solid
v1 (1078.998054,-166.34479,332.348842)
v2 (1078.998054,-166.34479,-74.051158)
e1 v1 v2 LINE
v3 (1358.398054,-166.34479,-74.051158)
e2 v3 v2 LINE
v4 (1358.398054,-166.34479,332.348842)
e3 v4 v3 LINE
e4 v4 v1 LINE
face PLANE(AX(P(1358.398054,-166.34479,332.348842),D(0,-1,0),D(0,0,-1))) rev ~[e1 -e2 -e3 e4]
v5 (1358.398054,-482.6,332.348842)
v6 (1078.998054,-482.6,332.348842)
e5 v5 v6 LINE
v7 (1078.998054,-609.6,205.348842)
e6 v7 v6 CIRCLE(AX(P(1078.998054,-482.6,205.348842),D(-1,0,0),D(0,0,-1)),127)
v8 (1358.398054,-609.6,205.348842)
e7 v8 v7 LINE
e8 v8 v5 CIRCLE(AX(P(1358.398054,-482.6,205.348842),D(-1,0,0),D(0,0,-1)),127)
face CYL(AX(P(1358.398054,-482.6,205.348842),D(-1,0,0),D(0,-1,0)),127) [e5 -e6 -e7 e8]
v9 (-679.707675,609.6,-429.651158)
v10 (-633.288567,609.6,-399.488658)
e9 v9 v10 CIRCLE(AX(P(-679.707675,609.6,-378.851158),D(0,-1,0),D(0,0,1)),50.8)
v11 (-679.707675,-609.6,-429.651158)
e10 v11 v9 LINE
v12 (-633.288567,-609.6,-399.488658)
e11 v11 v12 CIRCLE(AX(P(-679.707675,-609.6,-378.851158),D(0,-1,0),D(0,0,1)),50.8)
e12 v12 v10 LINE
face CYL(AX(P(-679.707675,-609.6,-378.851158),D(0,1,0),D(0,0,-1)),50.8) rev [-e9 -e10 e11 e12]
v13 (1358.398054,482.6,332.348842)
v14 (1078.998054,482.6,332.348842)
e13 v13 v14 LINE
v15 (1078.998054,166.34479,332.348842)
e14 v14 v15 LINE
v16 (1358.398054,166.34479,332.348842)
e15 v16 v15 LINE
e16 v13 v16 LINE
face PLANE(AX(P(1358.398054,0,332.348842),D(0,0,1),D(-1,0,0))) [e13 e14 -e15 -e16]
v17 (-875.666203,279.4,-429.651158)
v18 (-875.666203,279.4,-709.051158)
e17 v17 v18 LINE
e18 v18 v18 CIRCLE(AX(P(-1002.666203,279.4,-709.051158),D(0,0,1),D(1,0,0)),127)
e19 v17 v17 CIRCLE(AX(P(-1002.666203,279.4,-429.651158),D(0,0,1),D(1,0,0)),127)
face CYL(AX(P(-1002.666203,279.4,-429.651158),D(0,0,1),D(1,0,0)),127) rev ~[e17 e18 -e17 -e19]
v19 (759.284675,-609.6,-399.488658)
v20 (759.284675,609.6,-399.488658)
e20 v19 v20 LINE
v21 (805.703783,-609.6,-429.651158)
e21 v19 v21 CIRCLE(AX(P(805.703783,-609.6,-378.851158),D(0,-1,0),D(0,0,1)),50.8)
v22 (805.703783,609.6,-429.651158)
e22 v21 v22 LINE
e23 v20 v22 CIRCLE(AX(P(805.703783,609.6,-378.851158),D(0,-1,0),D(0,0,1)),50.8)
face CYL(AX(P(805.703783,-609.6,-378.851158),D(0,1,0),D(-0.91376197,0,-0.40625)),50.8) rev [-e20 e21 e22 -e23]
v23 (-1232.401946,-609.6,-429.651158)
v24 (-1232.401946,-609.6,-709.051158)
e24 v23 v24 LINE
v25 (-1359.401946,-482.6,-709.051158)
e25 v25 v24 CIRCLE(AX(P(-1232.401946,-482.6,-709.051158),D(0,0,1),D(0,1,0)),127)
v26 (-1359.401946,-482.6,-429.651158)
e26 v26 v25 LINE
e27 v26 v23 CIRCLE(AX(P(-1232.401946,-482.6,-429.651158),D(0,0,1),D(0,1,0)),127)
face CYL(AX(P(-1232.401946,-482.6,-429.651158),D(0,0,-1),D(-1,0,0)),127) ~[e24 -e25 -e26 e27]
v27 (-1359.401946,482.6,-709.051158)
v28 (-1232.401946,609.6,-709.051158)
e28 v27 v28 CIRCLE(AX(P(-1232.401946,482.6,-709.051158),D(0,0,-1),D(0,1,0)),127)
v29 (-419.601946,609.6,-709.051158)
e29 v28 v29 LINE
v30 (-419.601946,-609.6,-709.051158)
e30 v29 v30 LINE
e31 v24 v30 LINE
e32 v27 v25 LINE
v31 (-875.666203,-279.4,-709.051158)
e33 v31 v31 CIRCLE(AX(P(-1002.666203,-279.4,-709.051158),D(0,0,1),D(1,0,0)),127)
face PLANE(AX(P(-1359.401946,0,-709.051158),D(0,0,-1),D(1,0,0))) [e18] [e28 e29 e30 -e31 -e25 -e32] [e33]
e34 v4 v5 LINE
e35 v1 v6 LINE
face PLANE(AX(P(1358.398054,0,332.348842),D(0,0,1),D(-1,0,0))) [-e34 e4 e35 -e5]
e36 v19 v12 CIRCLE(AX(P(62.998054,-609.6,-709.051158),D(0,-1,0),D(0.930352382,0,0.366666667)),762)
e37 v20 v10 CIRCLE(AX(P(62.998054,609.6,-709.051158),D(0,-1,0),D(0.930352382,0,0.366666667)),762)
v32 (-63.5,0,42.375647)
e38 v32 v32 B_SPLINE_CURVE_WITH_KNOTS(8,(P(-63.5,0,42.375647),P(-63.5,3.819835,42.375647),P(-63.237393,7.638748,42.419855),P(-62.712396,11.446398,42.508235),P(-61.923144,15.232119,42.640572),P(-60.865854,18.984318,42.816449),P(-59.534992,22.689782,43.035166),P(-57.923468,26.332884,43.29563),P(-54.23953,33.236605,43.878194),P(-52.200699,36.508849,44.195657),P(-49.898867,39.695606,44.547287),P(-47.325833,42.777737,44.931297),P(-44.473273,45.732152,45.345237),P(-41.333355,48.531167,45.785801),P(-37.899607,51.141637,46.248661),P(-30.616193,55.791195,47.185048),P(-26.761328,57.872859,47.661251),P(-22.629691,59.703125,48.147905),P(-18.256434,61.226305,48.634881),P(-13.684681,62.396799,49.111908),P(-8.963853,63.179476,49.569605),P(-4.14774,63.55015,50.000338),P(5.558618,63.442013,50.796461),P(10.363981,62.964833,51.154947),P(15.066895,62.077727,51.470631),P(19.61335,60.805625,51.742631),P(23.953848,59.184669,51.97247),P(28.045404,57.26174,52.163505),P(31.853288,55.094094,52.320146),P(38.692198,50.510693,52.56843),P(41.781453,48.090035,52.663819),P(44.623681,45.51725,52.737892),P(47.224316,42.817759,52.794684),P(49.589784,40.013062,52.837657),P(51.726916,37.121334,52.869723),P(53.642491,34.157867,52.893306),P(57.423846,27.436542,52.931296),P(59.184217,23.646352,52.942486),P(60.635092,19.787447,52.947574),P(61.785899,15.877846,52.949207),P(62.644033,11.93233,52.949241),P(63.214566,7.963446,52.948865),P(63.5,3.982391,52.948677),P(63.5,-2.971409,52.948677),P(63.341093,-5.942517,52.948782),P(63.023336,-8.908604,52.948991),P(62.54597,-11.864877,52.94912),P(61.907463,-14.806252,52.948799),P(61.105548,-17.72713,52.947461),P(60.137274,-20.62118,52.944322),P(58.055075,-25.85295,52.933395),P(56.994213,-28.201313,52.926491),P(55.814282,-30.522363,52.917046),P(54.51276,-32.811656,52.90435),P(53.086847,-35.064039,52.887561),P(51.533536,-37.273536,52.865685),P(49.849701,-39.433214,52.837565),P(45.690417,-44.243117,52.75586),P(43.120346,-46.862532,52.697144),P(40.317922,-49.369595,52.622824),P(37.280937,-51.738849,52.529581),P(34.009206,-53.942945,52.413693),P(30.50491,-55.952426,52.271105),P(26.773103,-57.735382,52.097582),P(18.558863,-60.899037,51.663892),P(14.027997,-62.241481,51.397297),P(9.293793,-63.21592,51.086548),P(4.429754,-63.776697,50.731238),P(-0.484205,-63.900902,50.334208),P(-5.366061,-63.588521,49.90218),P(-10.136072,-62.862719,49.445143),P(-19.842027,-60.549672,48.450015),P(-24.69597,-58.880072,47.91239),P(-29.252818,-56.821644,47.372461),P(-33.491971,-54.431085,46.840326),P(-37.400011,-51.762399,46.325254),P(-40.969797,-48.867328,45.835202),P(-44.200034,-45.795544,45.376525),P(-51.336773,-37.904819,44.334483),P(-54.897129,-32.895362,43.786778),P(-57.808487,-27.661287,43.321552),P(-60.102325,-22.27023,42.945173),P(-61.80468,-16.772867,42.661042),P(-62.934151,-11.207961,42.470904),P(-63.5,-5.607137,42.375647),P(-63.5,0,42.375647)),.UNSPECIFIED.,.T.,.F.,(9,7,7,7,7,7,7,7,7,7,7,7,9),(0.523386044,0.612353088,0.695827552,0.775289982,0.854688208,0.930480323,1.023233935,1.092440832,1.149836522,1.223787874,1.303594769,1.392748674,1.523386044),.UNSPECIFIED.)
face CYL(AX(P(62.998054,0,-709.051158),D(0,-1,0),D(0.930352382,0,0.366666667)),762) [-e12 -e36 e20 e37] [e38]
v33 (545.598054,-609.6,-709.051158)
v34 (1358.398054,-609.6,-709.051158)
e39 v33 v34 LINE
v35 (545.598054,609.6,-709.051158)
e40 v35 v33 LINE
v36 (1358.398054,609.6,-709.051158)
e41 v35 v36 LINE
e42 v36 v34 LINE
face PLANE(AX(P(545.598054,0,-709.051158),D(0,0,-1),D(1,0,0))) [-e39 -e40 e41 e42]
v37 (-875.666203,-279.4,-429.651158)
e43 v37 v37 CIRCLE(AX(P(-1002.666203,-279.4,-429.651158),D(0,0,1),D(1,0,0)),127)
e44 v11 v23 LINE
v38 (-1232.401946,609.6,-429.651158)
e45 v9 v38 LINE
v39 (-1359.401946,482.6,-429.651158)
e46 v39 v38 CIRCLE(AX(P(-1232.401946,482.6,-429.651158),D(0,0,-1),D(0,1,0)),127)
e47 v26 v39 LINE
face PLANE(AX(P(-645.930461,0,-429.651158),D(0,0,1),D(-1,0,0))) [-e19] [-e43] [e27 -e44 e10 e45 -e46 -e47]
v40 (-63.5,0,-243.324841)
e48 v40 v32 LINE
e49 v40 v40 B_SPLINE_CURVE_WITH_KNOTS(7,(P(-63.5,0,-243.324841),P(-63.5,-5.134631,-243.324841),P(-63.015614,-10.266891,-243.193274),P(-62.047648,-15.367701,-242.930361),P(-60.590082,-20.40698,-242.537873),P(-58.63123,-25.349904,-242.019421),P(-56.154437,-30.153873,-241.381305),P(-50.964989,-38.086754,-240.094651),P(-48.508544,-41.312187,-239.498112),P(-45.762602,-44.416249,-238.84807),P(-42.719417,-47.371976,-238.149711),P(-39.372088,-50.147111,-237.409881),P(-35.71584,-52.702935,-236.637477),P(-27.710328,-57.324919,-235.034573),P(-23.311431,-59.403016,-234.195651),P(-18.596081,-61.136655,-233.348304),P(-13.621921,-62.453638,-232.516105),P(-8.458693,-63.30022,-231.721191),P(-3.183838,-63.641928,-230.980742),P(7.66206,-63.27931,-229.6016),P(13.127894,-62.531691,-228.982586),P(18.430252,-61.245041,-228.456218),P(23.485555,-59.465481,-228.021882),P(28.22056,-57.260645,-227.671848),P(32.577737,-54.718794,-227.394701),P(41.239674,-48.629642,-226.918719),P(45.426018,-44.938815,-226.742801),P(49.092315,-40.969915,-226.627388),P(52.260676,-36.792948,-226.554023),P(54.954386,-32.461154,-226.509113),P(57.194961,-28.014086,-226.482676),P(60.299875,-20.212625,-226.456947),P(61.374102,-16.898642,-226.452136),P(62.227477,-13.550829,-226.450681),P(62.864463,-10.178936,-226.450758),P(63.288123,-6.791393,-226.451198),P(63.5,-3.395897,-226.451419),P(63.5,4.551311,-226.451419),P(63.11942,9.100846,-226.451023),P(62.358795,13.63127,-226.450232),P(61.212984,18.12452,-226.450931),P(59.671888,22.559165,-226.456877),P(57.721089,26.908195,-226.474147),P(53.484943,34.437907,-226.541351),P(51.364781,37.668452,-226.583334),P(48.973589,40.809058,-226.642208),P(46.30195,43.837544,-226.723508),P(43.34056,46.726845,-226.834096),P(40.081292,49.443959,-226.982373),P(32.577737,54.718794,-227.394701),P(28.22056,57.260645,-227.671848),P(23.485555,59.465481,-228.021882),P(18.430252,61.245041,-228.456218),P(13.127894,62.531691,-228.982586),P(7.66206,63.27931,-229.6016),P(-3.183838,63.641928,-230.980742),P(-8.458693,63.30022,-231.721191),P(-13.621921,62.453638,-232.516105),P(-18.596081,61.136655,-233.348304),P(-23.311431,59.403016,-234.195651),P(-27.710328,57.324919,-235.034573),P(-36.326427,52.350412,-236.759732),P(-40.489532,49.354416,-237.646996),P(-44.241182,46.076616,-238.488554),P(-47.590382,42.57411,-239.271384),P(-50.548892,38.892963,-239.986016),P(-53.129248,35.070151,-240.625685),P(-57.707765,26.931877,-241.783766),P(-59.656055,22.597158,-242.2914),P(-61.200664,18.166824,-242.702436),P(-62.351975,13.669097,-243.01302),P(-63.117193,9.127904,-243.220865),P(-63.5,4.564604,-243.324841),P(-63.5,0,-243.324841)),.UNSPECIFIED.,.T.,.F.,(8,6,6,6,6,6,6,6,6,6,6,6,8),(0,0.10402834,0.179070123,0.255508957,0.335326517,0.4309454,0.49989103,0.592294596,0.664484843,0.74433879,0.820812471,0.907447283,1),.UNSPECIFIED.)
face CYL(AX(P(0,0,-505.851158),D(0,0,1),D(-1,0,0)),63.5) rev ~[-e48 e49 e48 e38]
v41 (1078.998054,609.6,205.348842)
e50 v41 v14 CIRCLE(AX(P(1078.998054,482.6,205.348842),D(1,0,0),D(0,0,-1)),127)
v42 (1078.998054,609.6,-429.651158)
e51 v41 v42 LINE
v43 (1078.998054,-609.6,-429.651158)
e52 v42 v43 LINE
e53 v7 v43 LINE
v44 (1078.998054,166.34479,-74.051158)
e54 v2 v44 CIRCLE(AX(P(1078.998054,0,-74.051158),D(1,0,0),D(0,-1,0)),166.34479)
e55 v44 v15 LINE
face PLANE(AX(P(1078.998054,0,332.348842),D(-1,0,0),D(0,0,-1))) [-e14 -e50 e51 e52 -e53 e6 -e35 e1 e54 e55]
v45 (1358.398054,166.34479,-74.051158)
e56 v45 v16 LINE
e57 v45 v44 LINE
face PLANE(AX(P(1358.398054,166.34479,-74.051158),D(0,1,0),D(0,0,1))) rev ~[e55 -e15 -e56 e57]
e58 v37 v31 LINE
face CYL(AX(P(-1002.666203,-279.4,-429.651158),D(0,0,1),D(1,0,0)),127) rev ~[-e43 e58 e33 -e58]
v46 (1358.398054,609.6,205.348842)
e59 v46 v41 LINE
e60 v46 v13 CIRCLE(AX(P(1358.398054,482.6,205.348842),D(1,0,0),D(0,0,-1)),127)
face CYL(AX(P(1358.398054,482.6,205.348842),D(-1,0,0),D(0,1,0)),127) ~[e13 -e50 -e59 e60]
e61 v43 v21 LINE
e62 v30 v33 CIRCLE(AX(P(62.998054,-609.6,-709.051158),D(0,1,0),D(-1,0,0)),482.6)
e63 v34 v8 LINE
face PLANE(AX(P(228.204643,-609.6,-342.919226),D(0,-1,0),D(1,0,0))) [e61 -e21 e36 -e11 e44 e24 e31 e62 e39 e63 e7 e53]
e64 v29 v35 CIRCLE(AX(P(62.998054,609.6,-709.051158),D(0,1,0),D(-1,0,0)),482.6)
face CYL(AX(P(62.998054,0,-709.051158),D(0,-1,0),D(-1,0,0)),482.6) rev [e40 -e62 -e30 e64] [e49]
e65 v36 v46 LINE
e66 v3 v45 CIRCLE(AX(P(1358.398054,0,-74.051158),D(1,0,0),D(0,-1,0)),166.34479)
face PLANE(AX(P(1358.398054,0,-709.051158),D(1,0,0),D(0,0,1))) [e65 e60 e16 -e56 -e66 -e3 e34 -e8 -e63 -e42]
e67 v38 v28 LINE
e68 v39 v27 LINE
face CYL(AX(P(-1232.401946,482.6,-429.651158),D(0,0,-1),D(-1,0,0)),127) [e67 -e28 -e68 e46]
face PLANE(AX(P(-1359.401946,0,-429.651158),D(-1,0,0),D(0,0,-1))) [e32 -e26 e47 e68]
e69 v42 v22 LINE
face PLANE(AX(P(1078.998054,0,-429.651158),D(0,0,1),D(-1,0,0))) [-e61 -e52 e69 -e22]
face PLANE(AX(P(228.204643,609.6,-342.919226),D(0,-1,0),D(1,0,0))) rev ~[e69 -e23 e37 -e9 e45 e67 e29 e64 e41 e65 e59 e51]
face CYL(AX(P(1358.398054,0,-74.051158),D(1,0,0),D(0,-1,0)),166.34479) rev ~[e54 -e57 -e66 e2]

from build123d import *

# Parameters (mm, degrees)
F1_DEPTH = 609.6
F3_DEPTH = 279.4
F4_R     = 127
F5_R     = 127
F6_R     = 127
F7_DEPTH = 279.4
F8_DEPTH = 279.4
F9_D     = 127
F9_DEPTH = 279.4
F9_START = 203.2000001
F9_TIP   = 38.1546493083
F10_R    = 127
F11_R    = 50.8


with BuildPart() as f1:
    # F0 (on Front) → F1 (new body, symmetric)
    with BuildSketch(Plane.XZ):
        with BuildLine():
            Line((-1359.4019456148, -429.6511576342), (-1359.4019456148, -709.0511576342))
            Line((-1359.4019456148, -709.0511576342), (-419.6019456148, -709.0511576342))
            ThreePointArc((-419.6019456148, -709.0511576342), (62.9980543852, -226.4511576342), (545.5980543852, -709.0511576342))
            Line((545.5980543852, -709.0511576342), (1358.3980543852, -709.0511576342))
            Line((1358.3980543852, -709.0511576342), (1358.3980543852, 332.3488423657))
            Line((1358.3980543852, 332.3488423657), (1078.9980543852, 332.3488423657))
            Line((1078.9980543852, 332.3488423657), (1078.9980543852, -429.6511576342))
            Line((1078.9980543852, -429.6511576342), (771.9265698224, -429.6511576342))
            ThreePointArc((771.9265698224, -429.6511576342), (62.9980543852, 52.9488423658), (-645.930461052, -429.6511576342))
            Line((-645.930461052, -429.6511576342), (-1359.4019456148, -429.6511576342))
        make_face()
    extrude(amount=F1_DEPTH, both=True)

    # F2 (on face) → F3 (cut)
    with BuildSketch(Plane.YZ.offset(1358.3980543852)):
        with BuildLine():
            Line((166.3447904319, -74.0511576342), (166.3447904319, 332.3488423657))
            Line((166.3447904319, 332.3488423657), (-166.3447904319, 332.3488423657))
            Line((-166.3447904319, 332.3488423657), (-166.3447904319, -74.0511576342))
            ThreePointArc((-166.3447904319, -74.0511576342), (0, -240.3959480662), (166.3447904319, -74.0511576342))
        make_face()
    extrude(amount=-F3_DEPTH, mode=Mode.SUBTRACT)

    # F4
    f4_edges = [f1.edges().sort_by_distance(p)[0] for p in [
        (1218.698054, -609.6, 332.348842),
    ]]
    fillet(f4_edges, radius=F4_R)

    # F5
    f5_edges = [f1.edges().sort_by_distance(p)[0] for p in [
        (1218.698054, 609.6, 332.348842),
    ]]
    fillet(f5_edges, radius=F5_R)

    # F6 (on face) → F7 (cut)
    with BuildSketch(Plane.XY.offset(-429.6511576342)):
        with Locations((-1002.6662033334, -279.4)):
            Circle(F6_R)
    extrude(amount=-F7_DEPTH, mode=Mode.SUBTRACT)

    # F6 (on face) → F8 (cut)
    with BuildSketch(Plane.XY.offset(-429.6511576342)):
        with Locations((-1002.6662033334, 279.4)):
            Circle(F6_R)
    extrude(amount=-F8_DEPTH, mode=Mode.SUBTRACT)

    # F9
    # its depths count from where the whole tool has entered the part; down to there all is cleared
    with Locations(Plane(origin=(0, 0, -429.6511576342), x_dir=(1, 0, 0), z_dir=(0, 0, -1)).offset(-F9_START)):
        with Locations((0, 0)):
            Hole(F9_D / 2, depth=F9_DEPTH)
            with Locations((0, 0, -(F9_DEPTH + F9_TIP / 2))):  # 118° drill point
                Cone(0, F9_D / 2, F9_TIP, mode=Mode.SUBTRACT)

    # F10
    f10_edges = [f1.edges().sort_by_distance(p)[0] for p in [
        (-1359.401946, 609.6, -569.351158),
        (-1359.401946, -609.6, -569.351158),
    ]]
    fillet(f10_edges, radius=F10_R)

    # F11
    f11_edges = [f1.edges().sort_by_distance(p)[0] for p in [
        (-645.930461, 0, -429.651158),
        (771.92657, 0, -429.651158),
    ]]
    fillet(f11_edges, radius=F11_R)


solid = f1.part
